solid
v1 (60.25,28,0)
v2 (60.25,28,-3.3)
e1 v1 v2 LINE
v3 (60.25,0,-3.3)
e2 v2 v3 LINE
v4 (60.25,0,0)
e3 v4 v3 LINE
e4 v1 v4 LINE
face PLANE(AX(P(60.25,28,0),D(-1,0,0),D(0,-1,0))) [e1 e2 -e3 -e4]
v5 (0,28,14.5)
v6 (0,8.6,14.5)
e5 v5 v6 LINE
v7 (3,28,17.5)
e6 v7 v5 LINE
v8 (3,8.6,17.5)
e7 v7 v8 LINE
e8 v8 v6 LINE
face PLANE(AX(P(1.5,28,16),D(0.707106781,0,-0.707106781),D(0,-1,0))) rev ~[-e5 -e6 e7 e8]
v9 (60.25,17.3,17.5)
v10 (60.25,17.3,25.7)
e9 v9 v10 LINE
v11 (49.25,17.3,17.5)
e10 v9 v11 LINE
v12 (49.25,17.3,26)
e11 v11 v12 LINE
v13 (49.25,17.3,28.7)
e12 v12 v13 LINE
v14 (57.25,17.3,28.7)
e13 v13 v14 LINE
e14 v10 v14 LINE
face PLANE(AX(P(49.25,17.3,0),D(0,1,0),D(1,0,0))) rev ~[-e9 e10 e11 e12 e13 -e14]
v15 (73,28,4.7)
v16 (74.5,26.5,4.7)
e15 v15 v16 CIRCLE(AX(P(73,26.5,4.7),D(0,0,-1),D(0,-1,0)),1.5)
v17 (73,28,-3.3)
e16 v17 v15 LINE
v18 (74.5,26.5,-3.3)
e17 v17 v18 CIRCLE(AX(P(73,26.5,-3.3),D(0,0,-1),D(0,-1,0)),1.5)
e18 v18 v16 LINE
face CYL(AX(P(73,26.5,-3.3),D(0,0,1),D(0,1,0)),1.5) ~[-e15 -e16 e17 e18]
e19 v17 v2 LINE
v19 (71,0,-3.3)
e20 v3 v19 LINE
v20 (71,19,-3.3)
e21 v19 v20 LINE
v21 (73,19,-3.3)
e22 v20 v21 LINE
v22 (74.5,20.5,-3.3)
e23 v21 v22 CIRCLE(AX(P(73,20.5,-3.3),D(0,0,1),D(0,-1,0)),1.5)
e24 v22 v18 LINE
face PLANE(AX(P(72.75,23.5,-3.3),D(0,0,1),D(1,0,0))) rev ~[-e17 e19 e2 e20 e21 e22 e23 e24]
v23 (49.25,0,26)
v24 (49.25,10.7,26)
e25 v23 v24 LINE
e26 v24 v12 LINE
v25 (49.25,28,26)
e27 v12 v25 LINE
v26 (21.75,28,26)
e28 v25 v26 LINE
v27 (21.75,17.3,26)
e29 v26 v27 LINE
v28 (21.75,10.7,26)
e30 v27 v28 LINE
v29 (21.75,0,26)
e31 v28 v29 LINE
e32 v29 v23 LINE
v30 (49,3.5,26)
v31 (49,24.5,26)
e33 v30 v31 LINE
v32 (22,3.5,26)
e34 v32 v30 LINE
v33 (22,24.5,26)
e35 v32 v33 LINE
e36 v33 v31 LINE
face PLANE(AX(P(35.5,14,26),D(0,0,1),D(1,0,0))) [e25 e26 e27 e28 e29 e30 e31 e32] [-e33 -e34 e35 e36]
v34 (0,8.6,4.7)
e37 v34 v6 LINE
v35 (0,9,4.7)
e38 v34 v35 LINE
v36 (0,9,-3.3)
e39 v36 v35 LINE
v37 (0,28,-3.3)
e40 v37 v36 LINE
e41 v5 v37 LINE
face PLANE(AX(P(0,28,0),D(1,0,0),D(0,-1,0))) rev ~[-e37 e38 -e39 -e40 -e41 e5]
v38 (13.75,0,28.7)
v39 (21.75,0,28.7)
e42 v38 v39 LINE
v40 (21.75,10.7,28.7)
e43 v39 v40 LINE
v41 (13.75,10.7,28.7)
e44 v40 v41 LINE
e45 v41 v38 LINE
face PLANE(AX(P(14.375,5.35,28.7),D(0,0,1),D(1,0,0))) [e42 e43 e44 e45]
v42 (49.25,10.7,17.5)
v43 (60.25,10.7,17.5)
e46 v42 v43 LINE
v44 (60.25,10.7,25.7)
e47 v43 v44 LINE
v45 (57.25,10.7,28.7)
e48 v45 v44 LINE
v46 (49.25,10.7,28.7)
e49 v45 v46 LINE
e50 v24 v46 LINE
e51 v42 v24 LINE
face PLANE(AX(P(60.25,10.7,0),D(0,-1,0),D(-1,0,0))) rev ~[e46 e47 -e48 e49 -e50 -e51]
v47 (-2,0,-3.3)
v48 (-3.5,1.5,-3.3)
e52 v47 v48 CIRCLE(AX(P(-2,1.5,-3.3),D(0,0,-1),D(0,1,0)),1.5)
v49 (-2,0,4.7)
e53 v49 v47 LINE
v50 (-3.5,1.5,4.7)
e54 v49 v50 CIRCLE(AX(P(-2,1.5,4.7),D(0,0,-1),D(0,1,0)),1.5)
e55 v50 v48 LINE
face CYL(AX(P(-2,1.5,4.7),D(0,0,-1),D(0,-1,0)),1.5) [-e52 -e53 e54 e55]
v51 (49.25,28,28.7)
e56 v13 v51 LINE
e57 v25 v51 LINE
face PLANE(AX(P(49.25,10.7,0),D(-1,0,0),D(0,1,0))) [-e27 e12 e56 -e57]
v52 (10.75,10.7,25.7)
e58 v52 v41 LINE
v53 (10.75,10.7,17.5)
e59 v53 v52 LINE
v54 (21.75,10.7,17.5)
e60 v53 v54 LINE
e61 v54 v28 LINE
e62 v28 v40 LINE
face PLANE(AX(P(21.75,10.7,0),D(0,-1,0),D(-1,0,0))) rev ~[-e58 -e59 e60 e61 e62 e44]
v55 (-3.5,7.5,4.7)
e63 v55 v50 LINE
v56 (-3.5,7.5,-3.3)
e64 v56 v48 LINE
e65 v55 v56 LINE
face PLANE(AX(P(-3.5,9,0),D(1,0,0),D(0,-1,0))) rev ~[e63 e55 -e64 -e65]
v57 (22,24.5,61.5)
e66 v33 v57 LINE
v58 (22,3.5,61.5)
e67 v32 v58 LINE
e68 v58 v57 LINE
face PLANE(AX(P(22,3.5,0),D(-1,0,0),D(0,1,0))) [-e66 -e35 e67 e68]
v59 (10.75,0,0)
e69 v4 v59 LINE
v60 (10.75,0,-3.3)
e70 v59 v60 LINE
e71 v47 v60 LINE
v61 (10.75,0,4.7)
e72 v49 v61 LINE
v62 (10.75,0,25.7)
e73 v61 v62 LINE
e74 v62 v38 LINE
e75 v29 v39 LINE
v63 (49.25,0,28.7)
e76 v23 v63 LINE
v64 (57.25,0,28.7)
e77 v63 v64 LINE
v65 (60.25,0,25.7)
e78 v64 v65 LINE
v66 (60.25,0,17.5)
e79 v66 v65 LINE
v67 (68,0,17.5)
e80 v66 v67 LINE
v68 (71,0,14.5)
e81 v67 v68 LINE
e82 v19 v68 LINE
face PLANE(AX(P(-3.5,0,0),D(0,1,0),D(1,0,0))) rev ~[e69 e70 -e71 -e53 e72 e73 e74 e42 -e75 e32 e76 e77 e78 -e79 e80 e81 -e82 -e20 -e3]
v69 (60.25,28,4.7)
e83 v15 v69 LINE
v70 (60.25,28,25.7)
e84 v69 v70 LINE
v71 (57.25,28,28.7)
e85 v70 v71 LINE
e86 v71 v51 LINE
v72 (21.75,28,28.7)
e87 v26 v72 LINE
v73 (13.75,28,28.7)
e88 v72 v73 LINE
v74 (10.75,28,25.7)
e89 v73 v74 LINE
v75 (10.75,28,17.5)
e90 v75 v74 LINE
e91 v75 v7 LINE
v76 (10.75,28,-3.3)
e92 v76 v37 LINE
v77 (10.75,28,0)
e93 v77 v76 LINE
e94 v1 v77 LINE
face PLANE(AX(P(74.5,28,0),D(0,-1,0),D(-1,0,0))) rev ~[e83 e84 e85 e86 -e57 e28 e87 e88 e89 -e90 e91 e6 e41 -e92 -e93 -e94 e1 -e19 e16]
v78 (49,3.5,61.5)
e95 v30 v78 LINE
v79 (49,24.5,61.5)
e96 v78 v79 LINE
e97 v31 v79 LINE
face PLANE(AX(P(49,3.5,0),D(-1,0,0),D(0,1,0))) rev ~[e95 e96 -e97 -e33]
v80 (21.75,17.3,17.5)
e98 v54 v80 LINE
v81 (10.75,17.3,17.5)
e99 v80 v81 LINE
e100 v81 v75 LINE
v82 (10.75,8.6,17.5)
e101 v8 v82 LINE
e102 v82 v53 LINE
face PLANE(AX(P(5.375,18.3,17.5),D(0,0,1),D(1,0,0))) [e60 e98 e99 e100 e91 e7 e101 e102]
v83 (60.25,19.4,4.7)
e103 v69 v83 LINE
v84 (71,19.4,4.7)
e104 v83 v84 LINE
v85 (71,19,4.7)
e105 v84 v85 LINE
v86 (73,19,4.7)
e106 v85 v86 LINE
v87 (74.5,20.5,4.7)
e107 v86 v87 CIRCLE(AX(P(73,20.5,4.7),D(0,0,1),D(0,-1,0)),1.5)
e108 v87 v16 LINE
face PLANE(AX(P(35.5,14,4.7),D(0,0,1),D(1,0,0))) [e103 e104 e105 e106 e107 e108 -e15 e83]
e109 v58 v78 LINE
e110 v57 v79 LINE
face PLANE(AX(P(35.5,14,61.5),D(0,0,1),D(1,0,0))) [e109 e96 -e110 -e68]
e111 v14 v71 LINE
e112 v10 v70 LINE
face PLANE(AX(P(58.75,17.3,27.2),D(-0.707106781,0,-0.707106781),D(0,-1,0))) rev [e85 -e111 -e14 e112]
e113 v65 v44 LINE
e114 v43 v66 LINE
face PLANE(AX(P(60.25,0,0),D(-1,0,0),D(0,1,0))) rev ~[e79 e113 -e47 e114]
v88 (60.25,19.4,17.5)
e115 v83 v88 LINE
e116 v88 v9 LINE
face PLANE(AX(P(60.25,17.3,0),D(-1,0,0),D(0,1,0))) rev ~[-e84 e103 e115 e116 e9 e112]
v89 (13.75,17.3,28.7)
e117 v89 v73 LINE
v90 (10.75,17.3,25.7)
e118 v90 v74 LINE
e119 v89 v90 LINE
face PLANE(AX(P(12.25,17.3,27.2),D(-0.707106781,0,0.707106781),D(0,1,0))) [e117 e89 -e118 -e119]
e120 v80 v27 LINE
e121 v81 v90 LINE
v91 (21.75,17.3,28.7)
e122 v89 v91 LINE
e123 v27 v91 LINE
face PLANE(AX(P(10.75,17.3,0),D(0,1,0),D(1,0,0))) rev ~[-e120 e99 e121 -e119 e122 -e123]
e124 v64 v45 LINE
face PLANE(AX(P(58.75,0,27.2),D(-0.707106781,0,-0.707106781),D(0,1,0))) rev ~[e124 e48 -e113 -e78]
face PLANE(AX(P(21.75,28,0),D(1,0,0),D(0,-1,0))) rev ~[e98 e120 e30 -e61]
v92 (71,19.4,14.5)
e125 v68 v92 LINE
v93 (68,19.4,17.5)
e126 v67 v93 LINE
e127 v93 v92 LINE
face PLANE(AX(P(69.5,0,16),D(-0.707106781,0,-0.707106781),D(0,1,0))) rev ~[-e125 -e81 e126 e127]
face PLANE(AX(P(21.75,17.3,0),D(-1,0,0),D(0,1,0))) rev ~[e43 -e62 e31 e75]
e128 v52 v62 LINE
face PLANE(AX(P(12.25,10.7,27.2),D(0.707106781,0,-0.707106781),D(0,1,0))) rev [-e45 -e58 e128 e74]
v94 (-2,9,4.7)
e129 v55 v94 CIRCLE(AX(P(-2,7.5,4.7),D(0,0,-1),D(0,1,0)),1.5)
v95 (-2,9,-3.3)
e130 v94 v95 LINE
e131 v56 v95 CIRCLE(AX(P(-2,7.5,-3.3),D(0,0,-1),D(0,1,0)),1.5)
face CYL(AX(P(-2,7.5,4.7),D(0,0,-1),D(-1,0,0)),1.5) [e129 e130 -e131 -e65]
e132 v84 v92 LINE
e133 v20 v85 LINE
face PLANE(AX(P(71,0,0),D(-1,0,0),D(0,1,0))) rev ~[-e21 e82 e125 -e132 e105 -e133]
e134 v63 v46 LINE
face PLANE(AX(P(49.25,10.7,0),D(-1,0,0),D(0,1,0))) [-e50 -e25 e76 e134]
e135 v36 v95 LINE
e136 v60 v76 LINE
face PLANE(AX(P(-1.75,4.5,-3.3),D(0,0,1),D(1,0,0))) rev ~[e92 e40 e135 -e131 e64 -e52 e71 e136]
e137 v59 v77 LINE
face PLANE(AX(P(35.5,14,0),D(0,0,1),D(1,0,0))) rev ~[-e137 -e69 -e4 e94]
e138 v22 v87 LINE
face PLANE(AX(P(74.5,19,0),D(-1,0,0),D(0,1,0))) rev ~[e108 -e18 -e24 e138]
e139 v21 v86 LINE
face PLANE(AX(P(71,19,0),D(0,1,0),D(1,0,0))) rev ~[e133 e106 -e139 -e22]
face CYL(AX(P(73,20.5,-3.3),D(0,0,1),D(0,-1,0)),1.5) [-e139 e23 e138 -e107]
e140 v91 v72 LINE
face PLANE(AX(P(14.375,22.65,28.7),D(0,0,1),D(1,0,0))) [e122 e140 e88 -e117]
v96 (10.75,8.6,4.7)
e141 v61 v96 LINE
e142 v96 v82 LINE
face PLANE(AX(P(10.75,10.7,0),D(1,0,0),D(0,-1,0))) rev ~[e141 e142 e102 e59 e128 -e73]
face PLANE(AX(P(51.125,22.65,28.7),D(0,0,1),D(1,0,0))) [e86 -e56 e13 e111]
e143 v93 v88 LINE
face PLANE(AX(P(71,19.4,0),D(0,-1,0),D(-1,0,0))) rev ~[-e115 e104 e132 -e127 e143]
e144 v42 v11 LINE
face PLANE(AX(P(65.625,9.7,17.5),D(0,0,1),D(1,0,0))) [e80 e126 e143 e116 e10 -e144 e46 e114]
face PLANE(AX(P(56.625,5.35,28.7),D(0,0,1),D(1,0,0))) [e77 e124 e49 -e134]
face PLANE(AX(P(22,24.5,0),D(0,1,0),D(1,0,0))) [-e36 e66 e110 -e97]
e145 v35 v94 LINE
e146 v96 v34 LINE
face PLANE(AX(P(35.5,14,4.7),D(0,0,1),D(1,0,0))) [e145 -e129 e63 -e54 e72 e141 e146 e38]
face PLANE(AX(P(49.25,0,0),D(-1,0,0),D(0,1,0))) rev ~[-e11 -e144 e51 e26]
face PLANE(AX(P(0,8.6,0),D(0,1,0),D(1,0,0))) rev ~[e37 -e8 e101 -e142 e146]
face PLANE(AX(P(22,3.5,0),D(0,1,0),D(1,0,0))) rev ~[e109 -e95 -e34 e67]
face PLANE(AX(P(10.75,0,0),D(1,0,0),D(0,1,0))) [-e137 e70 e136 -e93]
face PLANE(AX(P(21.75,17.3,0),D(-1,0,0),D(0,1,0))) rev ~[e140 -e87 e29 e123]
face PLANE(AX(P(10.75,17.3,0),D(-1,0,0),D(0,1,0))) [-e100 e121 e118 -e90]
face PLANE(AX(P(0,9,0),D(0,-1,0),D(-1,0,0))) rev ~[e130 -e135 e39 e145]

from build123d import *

# Parameters (mm, degrees)
F0_W     = 10.75
F0_H     = 8.6
F1_DEPTH = 3.3
F0_W_2   = 27
F0_H_2   = 21
F0_W_3   = 7.25
F0_H_3   = 10.7
F0_H_4   = 6.6
F0_W_4   = 3.75
F2_DEPTH = 4.7
F3_DEPTH = 17.5
F4_DEPTH = 28.7
F5_DEPTH = 26
F6_DEPTH = 61.5
F7_SIZE  = 3
F8_R     = 1.5


with BuildPart() as f1:
    # F0 (on Top) → F1 (new body)
    with BuildSketch(Plane.XY):
        Polygon((-3.5, 0), (0, 0), (0, 8.6), (0, 9), (-3.5, 9), align=None)
        with Locations((5.375, 4.3)):
            Rectangle(F0_W, F0_H)
        Polygon((0, 9), (0, 8.6), (10.75, 8.6), (10.75, 10.7), (10.75, 17.3), (10.75, 28), (0, 28), (0, 19), align=None)
    extrude(amount=-F1_DEPTH)



with BuildPart() as f1b:
    # F0 (on Top) → F1, piece 2 (new body)
    with BuildSketch(Plane.XY):
        Polygon((71, 19.4), (71, 19), (74.5, 19), (74.5, 28), (71, 28), align=None)
        with Locations((65.625, 23.7)):
            Rectangle(F0_W, F0_H)
        Polygon((60.25, 10.7), (60.25, 0), (71, 0), (71, 9), (71, 19), (71, 19.4), (60.25, 19.4), (60.25, 17.3), align=None)
    extrude(amount=-F1_DEPTH)


with BuildPart() as f1_1:
    add(f1.part)

    add(f1b.part)  # F2 merges F1b
    # F0 (on Top) → F2 (join)
    with BuildSketch(Plane.XY):
        Polygon((21.75, 10.7), (21.75, 0), (49.25, 0), (49.25, 10.7), (49.25, 17.3), (49.25, 28), (21.75, 28), (21.75, 17.3), align=None)
        with Locations((35.5, 14)):
            Rectangle(F0_W_2, F0_H_2, mode=Mode.SUBTRACT)
        with Locations((35.5, 14)):
            Rectangle(F0_W_2, F0_H_2)
        Polygon((0, 9), (0, 8.6), (10.75, 8.6), (10.75, 10.7), (10.75, 17.3), (10.75, 28), (0, 28), (0, 19), align=None)
        Polygon((60.25, 10.7), (60.25, 0), (71, 0), (71, 9), (71, 19), (71, 19.4), (60.25, 19.4), (60.25, 17.3), align=None)
        with Locations((65.625, 23.7)):
            Rectangle(F0_W, F0_H)
        with Locations((5.375, 4.3)):
            Rectangle(F0_W, F0_H)
        with Locations((56.625, 5.35)):
            Rectangle(F0_W_3, F0_H_3)
        Polygon((53, 28), (53, 17.3), (60.25, 17.3), (60.25, 19.4), (60.25, 28), align=None)
        Polygon((10.75, 8.6), (10.75, 0), (18, 0), (18, 10.7), (10.75, 10.7), align=None)
        with Locations((14.375, 22.65)):
            Rectangle(F0_W_3, F0_H_3)
        with Locations((14.375, 14)):
            Rectangle(F0_W_3, F0_H_4)
        with Locations((56.625, 14)):
            Rectangle(F0_W_3, F0_H_4)
        with Locations((51.125, 5.35)):
            Rectangle(F0_W_4, F0_H_3)
        with Locations((19.875, 5.35)):
            Rectangle(F0_W_4, F0_H_3)
        with Locations((51.125, 22.65)):
            Rectangle(F0_W_4, F0_H_3)
        with Locations((19.875, 22.65)):
            Rectangle(F0_W_4, F0_H_3)
        Polygon((71, 19.4), (71, 19), (74.5, 19), (74.5, 28), (71, 28), align=None)
        Polygon((-3.5, 0), (0, 0), (0, 8.6), (0, 9), (-3.5, 9), align=None)
        with Locations((19.875, 14)):
            Rectangle(F0_W_4, F0_H_4)
        with Locations((51.125, 14)):
            Rectangle(F0_W_4, F0_H_4)
    extrude(amount=F2_DEPTH)

    # F0 (on Top) → F3 (join)
    with BuildSketch(Plane.XY):
        Polygon((0, 9), (0, 8.6), (10.75, 8.6), (10.75, 10.7), (10.75, 17.3), (10.75, 28), (0, 28), (0, 19), align=None)
        Polygon((60.25, 10.7), (60.25, 0), (71, 0), (71, 9), (71, 19), (71, 19.4), (60.25, 19.4), (60.25, 17.3), align=None)
        with Locations((14.375, 14)):
            Rectangle(F0_W_3, F0_H_4)
        with Locations((19.875, 14)):
            Rectangle(F0_W_4, F0_H_4)
        with Locations((51.125, 14)):
            Rectangle(F0_W_4, F0_H_4)
        with Locations((56.625, 14)):
            Rectangle(F0_W_3, F0_H_4)
    extrude(amount=F3_DEPTH)

    # F0 (on Top) → F4 (join)
    with BuildSketch(Plane.XY):
        with Locations((14.375, 22.65)):
            Rectangle(F0_W_3, F0_H_3)
        Polygon((10.75, 8.6), (10.75, 0), (18, 0), (18, 10.7), (10.75, 10.7), align=None)
        with Locations((19.875, 5.35)):
            Rectangle(F0_W_4, F0_H_3)
        with Locations((19.875, 22.65)):
            Rectangle(F0_W_4, F0_H_3)
        with Locations((51.125, 22.65)):
            Rectangle(F0_W_4, F0_H_3)
        Polygon((53, 28), (53, 17.3), (60.25, 17.3), (60.25, 19.4), (60.25, 28), align=None)
        with Locations((56.625, 5.35)):
            Rectangle(F0_W_3, F0_H_3)
        with Locations((51.125, 5.35)):
            Rectangle(F0_W_4, F0_H_3)
    extrude(amount=F4_DEPTH)

    # F0 (on Top) → F5 (join)
    with BuildSketch(Plane.XY):
        Polygon((21.75, 10.7), (21.75, 0), (49.25, 0), (49.25, 10.7), (49.25, 17.3), (49.25, 28), (21.75, 28), (21.75, 17.3), align=None)
        with Locations((35.5, 14)):
            Rectangle(F0_W_2, F0_H_2, mode=Mode.SUBTRACT)
    extrude(amount=F5_DEPTH)

    # F0 (on Top) → F6 (join)
    with BuildSketch(Plane.XY):
        with Locations((35.5, 14)):
            Rectangle(F0_W_2, F0_H_2)
    extrude(amount=F6_DEPTH)

    # F7
    f7_edges = [f1_1.edges().sort_by_distance(p)[0] for p in [
        (10.75, 22.65, 28.7),
        (10.75, 5.35, 28.7),
        (60.25, 5.35, 28.7),
        (60.25, 22.65, 28.7),
        (0, 18.3, 17.5),
        (71, 9.7, 17.5),
    ]]
    chamfer(f7_edges, length=F7_SIZE)

    # F8
    f8_edges = [f1_1.edges().sort_by_distance(p)[0] for p in [
        (-3.5, 0, 0.7),
        (74.5, 28, 0.7),
        (74.5, 19, 0.7),
        (-3.5, 9, 0.7),
    ]]
    fillet(f8_edges, radius=F8_R)


solid = f1_1.part
